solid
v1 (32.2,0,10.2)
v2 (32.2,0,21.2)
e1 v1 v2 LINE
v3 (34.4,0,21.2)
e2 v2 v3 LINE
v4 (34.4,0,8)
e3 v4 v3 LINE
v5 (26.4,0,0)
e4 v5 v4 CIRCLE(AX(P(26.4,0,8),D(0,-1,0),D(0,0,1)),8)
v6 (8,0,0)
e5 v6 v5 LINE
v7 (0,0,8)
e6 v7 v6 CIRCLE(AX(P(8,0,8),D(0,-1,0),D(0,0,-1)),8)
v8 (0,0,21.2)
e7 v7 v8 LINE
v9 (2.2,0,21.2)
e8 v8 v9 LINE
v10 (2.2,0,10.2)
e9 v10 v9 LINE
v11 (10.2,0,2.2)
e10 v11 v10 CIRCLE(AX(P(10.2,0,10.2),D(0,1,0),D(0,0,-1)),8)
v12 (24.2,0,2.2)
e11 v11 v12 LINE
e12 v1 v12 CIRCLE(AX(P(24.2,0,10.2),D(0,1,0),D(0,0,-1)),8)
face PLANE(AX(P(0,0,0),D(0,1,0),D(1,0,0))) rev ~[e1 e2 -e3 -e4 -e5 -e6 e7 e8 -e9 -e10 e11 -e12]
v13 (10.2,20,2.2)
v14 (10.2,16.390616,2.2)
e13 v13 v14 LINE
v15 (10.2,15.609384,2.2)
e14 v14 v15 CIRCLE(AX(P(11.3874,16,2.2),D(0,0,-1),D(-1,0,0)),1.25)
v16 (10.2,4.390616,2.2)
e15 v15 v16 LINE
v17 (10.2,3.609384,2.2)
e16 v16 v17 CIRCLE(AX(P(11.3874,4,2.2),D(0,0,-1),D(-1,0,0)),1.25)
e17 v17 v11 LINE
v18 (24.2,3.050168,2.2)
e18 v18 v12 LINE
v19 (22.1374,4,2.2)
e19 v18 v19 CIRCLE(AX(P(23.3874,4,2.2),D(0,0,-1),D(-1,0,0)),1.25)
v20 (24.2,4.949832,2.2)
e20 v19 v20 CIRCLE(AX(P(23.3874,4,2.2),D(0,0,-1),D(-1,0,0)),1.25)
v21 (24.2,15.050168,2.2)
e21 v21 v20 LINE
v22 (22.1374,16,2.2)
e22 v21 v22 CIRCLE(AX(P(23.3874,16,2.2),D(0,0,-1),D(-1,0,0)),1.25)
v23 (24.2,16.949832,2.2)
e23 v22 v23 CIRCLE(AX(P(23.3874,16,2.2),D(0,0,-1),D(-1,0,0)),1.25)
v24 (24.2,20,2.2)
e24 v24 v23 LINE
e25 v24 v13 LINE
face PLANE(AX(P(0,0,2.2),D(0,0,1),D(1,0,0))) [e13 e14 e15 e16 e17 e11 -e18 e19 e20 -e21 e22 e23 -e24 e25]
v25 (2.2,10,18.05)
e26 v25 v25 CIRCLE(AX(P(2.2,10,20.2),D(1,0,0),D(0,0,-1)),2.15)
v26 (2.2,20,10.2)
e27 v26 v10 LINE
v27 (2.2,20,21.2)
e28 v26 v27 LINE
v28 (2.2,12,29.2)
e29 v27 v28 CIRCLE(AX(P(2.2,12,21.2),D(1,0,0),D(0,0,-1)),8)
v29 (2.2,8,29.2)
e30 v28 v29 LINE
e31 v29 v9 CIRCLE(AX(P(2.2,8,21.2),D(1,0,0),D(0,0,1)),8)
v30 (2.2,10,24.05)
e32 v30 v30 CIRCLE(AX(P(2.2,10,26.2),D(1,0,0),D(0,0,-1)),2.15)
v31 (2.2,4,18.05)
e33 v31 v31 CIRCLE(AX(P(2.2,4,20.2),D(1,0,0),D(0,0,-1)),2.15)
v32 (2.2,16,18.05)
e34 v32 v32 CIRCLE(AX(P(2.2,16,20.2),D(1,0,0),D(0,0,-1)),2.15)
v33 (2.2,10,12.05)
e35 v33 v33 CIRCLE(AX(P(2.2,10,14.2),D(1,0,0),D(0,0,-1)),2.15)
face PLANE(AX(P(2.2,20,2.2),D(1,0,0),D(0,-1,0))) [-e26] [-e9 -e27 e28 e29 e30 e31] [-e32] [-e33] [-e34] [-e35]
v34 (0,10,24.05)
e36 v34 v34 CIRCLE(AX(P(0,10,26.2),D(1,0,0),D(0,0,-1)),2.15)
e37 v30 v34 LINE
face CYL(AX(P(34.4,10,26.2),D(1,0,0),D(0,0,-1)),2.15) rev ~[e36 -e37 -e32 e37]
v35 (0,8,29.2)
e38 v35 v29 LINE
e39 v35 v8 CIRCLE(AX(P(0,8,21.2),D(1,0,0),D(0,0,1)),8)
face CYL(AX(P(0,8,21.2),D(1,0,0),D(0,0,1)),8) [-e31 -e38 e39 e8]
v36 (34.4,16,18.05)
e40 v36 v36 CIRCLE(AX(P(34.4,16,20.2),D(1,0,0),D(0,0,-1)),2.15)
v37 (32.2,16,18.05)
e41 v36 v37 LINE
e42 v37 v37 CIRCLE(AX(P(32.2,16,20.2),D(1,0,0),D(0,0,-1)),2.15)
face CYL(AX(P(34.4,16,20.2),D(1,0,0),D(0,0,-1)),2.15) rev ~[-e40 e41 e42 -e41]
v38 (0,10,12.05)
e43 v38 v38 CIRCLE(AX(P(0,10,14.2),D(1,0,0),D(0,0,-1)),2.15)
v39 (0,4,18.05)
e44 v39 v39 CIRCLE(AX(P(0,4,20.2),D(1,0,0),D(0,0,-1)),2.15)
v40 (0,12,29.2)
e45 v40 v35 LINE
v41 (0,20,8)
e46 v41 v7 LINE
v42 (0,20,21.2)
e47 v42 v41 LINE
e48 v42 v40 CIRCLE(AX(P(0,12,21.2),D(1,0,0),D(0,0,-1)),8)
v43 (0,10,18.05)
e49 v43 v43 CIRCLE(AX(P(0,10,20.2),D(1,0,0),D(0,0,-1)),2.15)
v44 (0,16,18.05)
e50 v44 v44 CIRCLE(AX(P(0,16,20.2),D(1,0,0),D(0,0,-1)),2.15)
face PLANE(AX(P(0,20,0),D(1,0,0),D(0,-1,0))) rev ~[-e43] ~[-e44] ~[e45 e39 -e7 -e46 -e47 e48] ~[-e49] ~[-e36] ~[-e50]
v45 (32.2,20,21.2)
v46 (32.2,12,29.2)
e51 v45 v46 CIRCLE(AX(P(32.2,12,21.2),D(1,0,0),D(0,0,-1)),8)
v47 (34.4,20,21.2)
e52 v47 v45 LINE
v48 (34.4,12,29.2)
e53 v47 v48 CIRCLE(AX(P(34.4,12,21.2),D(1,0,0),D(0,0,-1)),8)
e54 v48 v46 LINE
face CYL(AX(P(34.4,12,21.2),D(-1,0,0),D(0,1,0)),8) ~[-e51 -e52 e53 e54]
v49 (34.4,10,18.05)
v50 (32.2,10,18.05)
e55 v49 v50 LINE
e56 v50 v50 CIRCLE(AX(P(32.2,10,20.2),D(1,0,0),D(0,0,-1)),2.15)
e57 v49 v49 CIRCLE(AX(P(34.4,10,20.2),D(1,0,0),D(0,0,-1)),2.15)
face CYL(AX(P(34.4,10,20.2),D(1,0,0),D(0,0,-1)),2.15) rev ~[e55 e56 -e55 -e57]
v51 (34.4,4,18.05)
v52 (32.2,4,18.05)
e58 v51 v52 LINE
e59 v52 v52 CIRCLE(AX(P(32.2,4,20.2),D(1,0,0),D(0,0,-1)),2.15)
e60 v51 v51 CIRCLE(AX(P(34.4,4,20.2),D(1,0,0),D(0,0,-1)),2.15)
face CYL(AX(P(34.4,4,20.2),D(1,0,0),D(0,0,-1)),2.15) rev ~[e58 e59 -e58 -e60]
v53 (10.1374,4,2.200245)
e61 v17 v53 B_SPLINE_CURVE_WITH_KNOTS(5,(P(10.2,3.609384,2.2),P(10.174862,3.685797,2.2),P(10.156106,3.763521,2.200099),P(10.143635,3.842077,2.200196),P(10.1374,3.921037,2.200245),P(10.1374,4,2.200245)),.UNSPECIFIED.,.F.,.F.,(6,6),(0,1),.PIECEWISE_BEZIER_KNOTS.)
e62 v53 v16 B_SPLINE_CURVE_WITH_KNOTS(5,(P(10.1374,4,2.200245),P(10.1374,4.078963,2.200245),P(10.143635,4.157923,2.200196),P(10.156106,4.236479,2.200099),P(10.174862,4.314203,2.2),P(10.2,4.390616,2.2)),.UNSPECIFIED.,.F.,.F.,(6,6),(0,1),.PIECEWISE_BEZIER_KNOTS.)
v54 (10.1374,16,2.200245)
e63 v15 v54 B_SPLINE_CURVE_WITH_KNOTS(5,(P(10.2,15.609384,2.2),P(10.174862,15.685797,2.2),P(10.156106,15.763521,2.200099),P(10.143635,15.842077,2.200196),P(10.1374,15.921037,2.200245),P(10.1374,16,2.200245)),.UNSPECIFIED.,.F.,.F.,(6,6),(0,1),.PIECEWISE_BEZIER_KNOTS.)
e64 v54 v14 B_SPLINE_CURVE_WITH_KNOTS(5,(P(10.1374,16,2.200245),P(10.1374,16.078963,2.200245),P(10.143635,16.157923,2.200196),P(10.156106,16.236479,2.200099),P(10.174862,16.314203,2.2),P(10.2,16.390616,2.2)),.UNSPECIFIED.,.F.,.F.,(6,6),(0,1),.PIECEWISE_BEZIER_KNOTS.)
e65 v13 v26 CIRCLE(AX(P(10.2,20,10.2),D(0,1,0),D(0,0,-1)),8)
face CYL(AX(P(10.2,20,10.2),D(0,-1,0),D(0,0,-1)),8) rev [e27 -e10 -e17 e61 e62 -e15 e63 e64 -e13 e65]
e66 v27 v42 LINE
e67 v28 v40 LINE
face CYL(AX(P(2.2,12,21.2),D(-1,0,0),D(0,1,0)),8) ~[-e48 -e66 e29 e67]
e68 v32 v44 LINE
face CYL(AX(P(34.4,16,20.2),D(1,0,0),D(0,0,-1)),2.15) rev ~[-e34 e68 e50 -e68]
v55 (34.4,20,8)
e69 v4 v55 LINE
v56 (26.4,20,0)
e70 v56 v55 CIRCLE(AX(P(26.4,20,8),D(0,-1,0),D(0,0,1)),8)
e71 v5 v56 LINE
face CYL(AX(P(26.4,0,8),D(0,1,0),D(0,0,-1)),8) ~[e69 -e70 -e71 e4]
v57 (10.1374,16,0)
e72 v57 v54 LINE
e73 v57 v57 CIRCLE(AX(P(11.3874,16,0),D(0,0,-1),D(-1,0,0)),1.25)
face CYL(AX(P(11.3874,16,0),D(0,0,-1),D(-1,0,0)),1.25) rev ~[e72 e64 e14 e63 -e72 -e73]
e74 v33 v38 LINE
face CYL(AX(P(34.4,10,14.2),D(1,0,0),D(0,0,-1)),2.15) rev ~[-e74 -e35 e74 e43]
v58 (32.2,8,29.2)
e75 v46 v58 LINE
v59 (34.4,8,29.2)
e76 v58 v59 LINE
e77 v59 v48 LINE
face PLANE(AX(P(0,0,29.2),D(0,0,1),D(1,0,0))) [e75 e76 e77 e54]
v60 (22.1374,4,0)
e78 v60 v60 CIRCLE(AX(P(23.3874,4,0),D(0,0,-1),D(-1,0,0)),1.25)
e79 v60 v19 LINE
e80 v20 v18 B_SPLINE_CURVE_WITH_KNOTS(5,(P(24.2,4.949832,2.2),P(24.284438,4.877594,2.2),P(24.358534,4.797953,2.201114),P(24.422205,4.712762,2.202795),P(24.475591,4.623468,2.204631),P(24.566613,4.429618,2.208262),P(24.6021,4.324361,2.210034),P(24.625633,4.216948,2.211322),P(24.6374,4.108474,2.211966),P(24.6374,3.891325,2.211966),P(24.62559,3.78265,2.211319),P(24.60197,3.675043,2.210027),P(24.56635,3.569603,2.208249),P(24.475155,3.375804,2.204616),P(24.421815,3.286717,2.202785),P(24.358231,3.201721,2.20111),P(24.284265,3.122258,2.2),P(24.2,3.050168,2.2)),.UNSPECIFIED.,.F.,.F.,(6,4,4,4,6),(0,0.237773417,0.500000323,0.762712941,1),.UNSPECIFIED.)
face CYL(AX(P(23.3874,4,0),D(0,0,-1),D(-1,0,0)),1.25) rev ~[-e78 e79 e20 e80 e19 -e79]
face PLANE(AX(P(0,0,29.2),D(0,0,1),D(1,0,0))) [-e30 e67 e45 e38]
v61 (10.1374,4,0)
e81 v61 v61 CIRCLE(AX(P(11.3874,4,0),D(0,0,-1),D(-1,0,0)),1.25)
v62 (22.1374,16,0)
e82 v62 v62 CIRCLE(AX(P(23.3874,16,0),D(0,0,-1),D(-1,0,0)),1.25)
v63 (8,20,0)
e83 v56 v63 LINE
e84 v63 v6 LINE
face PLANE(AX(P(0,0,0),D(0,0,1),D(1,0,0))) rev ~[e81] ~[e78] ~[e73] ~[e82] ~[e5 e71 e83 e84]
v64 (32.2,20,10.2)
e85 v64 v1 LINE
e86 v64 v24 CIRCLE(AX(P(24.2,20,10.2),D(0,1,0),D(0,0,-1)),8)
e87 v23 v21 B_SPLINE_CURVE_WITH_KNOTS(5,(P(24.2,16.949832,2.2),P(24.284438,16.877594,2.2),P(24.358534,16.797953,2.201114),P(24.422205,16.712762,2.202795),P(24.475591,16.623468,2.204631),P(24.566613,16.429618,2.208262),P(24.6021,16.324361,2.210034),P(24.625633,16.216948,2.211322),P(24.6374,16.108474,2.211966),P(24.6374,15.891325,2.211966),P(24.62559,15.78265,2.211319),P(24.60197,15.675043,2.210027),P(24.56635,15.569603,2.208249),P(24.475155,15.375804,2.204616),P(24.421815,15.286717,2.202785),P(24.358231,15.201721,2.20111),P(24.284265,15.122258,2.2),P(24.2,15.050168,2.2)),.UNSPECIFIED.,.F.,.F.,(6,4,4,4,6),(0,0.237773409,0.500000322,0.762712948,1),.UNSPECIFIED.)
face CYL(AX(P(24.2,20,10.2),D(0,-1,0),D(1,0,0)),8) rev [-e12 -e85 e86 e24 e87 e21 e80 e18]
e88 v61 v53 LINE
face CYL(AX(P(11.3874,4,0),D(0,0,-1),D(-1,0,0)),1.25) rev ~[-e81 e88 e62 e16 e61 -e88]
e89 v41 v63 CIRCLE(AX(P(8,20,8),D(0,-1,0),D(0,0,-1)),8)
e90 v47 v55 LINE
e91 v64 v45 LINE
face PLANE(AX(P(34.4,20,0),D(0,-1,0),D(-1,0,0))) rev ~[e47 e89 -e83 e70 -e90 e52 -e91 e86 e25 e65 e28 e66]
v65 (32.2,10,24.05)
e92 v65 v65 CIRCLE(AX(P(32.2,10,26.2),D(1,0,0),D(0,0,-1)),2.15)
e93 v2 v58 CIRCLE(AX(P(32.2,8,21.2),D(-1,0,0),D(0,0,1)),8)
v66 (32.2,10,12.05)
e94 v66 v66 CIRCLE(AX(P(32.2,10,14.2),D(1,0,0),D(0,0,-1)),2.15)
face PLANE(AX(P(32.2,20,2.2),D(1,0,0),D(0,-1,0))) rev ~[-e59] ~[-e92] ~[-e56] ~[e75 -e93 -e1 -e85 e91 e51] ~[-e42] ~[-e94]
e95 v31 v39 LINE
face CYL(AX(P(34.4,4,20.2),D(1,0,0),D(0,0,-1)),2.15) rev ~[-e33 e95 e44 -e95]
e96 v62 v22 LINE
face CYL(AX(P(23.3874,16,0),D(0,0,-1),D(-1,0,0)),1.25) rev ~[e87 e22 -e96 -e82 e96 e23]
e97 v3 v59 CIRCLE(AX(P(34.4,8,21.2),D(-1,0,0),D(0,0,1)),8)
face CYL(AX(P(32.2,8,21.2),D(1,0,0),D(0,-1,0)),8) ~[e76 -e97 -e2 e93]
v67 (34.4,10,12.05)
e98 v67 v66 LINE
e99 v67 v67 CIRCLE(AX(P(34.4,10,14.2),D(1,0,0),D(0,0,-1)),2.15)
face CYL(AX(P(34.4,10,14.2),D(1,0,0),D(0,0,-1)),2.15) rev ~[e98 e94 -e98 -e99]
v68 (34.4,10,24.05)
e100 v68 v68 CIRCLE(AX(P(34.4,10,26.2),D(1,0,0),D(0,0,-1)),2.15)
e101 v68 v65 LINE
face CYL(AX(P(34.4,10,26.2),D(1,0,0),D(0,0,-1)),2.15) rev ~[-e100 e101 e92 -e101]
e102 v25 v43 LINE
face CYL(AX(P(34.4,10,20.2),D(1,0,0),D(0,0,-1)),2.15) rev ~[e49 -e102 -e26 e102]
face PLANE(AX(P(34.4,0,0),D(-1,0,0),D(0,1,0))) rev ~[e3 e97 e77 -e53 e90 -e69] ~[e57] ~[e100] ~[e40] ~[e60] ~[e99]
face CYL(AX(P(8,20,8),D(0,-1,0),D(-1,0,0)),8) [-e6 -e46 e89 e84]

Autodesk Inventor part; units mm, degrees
ref_plane "YZ Plane" through (0, 0, 0) normal (1, 0, 0) x (0, 1, 0)
ref_plane "XZ Plane" through (0, 0, 0) normal (0, 1, 0) x (-1, 0, 0)
ref_plane "XY Plane" through (0, 0, 0) normal (0, 0, 1) x (1, 0, 0)
sketch "Esquisse1" plane through (0, 0, 0) normal (0, 0, 1) x (1, 0, 0)
  line L0 (0, 0) -> (34.4, 0)
  line L1 (34.4, 0) -> (34.4, 20)
  line L2 (34.4, 20) -> (0, 20)
  line L3 (0, 20) -> (0, 0)
  dimension "d0" = 34.4
  dimension "d1" = 20
extrude "Extrusion1" add sketch "Esquisse1" along normal blind 2.2
sketch "Esquisse2" plane through (0, 0, 2.2) normal (0, 0, 1) x (1, 0, 0)
  line L0 (0, 0) -> (34.4, 0) projected
  line L1 (34.4, 20) -> (0, 20) projected
  line L2 (0, 20) -> (0, 0) projected
  line L3 (0, 20) -> (2.2, 20)
  line L4 (2.2, 20) -> (2.2, 0)
  line L5 (2.2, 0) -> (0, 0)
  line L6 (0, 0) -> (0, 20)
  line L7 (17.2, 20) -> (17.2, 0) construction
  line L8 (34.4, 20) -> (32.2, 20)
  line L9 (32.2, 20) -> (32.2, 0)
  line L10 (32.2, 0) -> (34.4, 0)
  line L11 (34.4, 0) -> (34.4, 20)
  dimension "d4" = 2.2
extrude "Extrusion2" add sketch "Esquisse2" along normal blind 27 contours L2 L1 L4 L0 | L9 L1 L11 L0
sketch "Esquisse3" plane through (34.4, 0, 0) normal (1, 0, 0) x (0, 0, -1)
  line L0 (0, 0) -> (0, 20) construction
  line L1 (-29.2, 0) -> (-29.2, 20) construction
  line L2 (-29.2, 10) -> (0, 10) construction
  circle A0 centre (-20.2, 10) radius 2.15
  line L3 (-20.2, 10) -> (-20.2, 15.2246) construction
  circle A1 centre (-14.2, 10) radius 2.15
  circle A2 centre (-26.2, 10) radius 2.15
  circle A3 centre (-20.2, 10) radius 2.15
  circle A4 centre (-20.2, 16) radius 2.15
  circle A5 centre (-20.2, 4) radius 2.15
  circle A6 centre (-20.2, 10) radius 2.15
  dimension "d7" = 9
  dimension "d8" = 4.3
  dimension "d11" = 6
  dimension "d14" = 6
  dimension "d19" = 6
  dimension "d22" = 6
extrude "Extrusion3" cut sketch "Esquisse3" against normal through all
fillet "Congé1" radius 8 4 edges at (33.3, 20, 29.2) (1.1, 20, 29.2) (1.1, 0, 29.2) (33.3, 0, 29.2)
fillet "Congé2" radius 8 4 edges at (2.2, 10, 2.2) (0, 10, 0) (34.4, 10, 0) (32.2, 10, 2.2)
sketch "Esquisse4" plane through (0, 0, 0) normal (0, 0, -1) x (-1, 0, 0)
  line L0 (-8, 0) -> (-26.4, 0) construction
  line L1 (-26.4, 20) -> (-8.3748, 0) construction
  line L2 (-23.3874, 4) -> (-11.3874, 4) construction
  line L3 (-11.3874, 4) -> (-11.3874, 16) construction
  line L4 (-11.3874, 16) -> (-23.3874, 16) construction
  line L5 (-23.3874, 16) -> (-23.3874, 4) construction
  line L6 (-23.3874, 4) -> (-11.3874, 16) construction
  line L7 (-11.3874, 4) -> (-23.3874, 16) construction
  circle A0 centre (-23.3874, 16) radius 1.25
  line L8 (-17.3874, 16) -> (-17.3874, 4) construction
  line L9 (-23.3874, 10) -> (-11.3874, 10) construction
  circle A1 centre (-11.3874, 16) radius 1.25
  circle A2 centre (-23.3874, 4) radius 1.25
  circle A3 centre (-11.3874, 4) radius 1.25
  point P0 (0, 0)
  point P1 (-17.3874, 10)
  dimension "d29" = 12
  dimension "d30" = 2.5
extrude "Extrusion4" cut sketch "Esquisse4" against normal through all
equation "\"d2\" = UDepth"
equation "\"d4\" = Depth"
equation "\"d8\" = Holes"
equation "\"d28\" = URound"
equation "\"Depth\" = 2.2"
equation "\"Holes\" = 4.3"
equation "\"UDepth\" = Depth"
equation "\"USize\" = 5"
equation "\"URound\" = 8"
properties part number "Ufix"
